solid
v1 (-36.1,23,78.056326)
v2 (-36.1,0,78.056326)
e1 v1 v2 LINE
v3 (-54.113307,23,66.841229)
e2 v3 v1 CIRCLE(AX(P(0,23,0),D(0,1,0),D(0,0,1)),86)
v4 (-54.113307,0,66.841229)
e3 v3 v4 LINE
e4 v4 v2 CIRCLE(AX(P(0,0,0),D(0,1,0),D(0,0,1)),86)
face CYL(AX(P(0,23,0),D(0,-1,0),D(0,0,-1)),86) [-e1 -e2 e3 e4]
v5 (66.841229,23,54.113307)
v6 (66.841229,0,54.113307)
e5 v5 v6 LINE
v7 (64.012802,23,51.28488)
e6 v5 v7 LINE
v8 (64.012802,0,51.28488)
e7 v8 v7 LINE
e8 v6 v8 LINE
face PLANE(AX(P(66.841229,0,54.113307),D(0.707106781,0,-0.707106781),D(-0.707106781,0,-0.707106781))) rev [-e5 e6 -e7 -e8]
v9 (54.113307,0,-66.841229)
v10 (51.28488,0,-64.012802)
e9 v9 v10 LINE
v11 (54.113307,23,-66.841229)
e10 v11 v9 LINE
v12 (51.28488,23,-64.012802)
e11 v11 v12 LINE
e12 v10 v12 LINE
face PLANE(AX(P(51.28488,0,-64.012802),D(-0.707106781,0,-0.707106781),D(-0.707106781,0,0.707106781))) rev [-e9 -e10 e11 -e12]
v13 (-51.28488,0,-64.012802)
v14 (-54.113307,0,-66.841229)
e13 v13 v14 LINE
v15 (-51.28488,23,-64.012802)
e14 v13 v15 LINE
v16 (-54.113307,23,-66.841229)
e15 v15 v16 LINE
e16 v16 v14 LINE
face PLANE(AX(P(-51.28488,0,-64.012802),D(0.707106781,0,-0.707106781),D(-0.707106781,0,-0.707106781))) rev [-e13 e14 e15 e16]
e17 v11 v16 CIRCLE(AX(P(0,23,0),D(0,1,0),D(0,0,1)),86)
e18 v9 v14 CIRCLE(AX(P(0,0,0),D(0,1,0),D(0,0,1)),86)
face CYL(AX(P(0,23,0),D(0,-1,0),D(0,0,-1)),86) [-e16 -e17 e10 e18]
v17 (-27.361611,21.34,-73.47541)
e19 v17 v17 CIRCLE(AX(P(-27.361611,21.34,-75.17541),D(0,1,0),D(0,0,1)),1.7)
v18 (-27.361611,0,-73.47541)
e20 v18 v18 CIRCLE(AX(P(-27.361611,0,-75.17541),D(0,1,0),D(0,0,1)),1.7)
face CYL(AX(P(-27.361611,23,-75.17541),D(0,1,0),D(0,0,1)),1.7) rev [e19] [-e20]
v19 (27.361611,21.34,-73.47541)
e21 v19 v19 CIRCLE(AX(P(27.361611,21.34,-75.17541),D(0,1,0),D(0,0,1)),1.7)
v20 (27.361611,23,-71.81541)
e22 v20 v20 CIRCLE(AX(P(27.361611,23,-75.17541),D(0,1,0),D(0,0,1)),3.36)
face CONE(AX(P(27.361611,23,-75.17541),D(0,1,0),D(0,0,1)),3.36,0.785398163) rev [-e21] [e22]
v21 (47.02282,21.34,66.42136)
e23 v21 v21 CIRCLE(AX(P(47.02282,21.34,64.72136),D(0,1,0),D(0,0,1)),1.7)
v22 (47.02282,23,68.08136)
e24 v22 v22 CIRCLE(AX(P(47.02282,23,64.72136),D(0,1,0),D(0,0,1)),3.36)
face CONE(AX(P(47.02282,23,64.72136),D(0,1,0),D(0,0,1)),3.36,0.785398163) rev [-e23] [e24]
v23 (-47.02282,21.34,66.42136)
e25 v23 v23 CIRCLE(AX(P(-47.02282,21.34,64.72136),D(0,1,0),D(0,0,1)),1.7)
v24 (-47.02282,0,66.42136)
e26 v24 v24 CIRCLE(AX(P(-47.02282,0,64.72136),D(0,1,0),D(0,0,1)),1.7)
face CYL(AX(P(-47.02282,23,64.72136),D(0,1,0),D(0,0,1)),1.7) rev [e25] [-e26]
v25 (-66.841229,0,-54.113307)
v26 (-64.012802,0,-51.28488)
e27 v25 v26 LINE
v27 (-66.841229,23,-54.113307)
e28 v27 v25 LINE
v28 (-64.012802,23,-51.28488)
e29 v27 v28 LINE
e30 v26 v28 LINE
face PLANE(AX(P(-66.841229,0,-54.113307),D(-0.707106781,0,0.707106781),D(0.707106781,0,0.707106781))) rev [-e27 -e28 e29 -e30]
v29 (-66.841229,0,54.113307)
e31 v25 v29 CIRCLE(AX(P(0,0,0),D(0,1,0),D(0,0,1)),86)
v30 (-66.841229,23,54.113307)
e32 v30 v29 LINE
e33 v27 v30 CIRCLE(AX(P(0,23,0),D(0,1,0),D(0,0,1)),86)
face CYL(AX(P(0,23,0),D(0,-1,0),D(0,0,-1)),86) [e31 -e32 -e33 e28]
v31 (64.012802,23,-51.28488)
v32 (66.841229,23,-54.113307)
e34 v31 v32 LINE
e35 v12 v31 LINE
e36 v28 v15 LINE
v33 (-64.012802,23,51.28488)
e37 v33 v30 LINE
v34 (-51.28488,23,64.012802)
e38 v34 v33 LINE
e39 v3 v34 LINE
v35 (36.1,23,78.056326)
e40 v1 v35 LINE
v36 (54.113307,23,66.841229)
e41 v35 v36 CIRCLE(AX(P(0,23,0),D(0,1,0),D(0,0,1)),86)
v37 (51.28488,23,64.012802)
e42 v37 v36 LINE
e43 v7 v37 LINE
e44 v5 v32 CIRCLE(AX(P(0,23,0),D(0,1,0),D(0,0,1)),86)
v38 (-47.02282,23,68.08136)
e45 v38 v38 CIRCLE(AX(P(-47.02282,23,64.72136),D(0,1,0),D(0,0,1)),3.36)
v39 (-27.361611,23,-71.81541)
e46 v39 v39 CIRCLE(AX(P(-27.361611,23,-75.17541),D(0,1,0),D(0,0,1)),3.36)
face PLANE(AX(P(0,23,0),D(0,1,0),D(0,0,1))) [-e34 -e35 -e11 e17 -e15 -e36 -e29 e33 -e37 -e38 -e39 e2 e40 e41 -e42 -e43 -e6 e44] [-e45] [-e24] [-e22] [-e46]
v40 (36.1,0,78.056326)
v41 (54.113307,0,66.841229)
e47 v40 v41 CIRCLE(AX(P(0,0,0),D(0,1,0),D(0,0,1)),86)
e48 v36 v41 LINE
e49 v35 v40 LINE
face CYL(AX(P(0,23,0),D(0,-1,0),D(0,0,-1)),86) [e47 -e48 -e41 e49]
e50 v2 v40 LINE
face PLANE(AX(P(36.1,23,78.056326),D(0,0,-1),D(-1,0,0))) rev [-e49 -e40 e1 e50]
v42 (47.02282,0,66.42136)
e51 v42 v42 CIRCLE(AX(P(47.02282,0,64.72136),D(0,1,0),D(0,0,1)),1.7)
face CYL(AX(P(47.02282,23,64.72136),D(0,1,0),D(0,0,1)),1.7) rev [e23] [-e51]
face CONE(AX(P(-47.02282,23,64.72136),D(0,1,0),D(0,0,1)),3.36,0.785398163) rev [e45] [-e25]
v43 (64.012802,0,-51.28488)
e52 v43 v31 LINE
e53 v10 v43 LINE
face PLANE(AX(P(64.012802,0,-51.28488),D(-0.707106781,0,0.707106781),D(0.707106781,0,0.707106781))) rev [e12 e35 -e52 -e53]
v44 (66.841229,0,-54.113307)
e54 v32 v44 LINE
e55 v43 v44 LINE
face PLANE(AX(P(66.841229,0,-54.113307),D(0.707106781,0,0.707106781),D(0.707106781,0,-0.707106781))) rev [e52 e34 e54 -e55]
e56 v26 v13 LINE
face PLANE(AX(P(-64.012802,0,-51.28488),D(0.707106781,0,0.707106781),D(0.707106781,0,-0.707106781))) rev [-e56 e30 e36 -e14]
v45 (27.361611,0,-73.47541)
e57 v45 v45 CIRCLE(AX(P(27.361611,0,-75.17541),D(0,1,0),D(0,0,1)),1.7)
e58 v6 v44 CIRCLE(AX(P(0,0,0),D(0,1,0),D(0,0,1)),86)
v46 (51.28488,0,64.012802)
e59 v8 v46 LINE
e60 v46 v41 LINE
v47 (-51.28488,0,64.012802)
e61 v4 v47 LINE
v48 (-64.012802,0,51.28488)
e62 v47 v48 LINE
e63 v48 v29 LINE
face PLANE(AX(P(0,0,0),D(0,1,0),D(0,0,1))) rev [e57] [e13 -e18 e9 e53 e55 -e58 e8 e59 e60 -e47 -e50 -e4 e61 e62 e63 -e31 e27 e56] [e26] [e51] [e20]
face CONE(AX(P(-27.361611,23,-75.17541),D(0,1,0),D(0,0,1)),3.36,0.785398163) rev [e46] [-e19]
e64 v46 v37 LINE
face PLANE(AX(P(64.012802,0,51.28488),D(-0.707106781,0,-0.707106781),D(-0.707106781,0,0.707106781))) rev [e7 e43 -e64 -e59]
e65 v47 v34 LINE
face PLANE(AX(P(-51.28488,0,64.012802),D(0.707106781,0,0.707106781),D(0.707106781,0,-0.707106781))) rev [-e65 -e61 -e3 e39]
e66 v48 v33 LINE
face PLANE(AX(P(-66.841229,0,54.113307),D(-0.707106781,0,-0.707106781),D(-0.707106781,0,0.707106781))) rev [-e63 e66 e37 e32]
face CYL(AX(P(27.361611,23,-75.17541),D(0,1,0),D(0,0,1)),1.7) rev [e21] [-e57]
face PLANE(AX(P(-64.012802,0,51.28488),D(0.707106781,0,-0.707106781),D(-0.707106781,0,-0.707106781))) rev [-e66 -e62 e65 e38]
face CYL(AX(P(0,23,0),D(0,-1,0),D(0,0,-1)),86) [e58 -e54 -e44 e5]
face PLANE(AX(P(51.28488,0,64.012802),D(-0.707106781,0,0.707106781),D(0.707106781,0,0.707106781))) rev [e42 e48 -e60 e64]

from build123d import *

# Parameters (mm, degrees)
RESSALTO_EXTRUS_O1_DEPTH             = 23
ESCAREADO_PARA_SFHCS_M31_D           = 3.4
ESCAREADO_PARA_SFHCS_M31_CSINK_D     = 6.72
ESCAREADO_PARA_SFHCS_M31_CSINK_ANGLE = 90
CORTE_EXTRUS_O1_DEPTH                = 124.778027129


with BuildPart() as part:
    # Esboço1 → Ressalto-extrusão1 (new body)
    with BuildSketch(Plane(origin=(0, 0, 0), x_dir=(1, 0, 0), z_dir=(0, 1, 0))):
        with BuildLine():
            Line((36.1, -78.056325817), (-36.1, -78.056325817))
            ThreePointArc((-36.1, -78.056325817), (-45.453875584, -73.006473647), (-54.113307426, -66.841229488))
            Line((-54.113307426, -66.841229488), (-66.841229488, -54.113307426))
            ThreePointArc((-66.841229488, -54.113307426), (-86, 0), (-66.841229488, 54.113307426))
            Line((-66.841229488, 54.113307426), (-54.113307426, 66.841229488))
            ThreePointArc((-54.113307426, 66.841229488), (0, 86), (54.113307426, 66.841229488))
            Line((54.113307426, 66.841229488), (66.841229488, 54.113307426))
            ThreePointArc((66.841229488, 54.113307426), (86, 0), (66.841229488, -54.113307426))
            Line((66.841229488, -54.113307426), (54.113307426, -66.841229488))
            ThreePointArc((54.113307426, -66.841229488), (45.453875584, -73.006473647), (36.1, -78.056325817))
        make_face()
    extrude(amount=RESSALTO_EXTRUS_O1_DEPTH)

    # Escareado para SFHCS M31 (through all)
    with Locations(Plane(origin=(0, 23, 0), x_dir=(1, 0, 0), z_dir=(0, 1, 0))):
        with Locations((47.022820183, -64.72135955), (27.361611466, 75.175409663), (-47.022820183, -64.72135955), (-27.361611466, 75.175409663)):
            CounterSinkHole(ESCAREADO_PARA_SFHCS_M31_D / 2, ESCAREADO_PARA_SFHCS_M31_CSINK_D / 2, counter_sink_angle=ESCAREADO_PARA_SFHCS_M31_CSINK_ANGLE)

    # Esboço6 → Corte-extrusão1 (cut, through all)
    with BuildSketch(Plane(origin=(0, 23, 0), x_dir=(1, 0, 0), z_dir=(0, 1, 0))):
        Polygon((-66.841229488, -54.113307426), (-64.012802363, -51.284880301), (-51.284880301, -64.012802363), (-54.113307426, -66.841229488), align=None)
        Polygon((-66.841229488, 54.113307426), (-64.012802363, 51.284880301), (-51.284880301, 64.012802363), (-54.113307426, 66.841229488), align=None)
        Polygon((66.841229488, -54.113307426), (64.012802363, -51.284880301), (51.284880301, -64.012802363), (54.113307426, -66.841229488), align=None)
        Polygon((66.841229488, 54.113307426), (54.113307426, 66.841229488), (51.284880301, 64.012802363), (64.012802363, 51.284880301), align=None)
    extrude(amount=-CORTE_EXTRUS_O1_DEPTH, mode=Mode.SUBTRACT)


solid = part.part
